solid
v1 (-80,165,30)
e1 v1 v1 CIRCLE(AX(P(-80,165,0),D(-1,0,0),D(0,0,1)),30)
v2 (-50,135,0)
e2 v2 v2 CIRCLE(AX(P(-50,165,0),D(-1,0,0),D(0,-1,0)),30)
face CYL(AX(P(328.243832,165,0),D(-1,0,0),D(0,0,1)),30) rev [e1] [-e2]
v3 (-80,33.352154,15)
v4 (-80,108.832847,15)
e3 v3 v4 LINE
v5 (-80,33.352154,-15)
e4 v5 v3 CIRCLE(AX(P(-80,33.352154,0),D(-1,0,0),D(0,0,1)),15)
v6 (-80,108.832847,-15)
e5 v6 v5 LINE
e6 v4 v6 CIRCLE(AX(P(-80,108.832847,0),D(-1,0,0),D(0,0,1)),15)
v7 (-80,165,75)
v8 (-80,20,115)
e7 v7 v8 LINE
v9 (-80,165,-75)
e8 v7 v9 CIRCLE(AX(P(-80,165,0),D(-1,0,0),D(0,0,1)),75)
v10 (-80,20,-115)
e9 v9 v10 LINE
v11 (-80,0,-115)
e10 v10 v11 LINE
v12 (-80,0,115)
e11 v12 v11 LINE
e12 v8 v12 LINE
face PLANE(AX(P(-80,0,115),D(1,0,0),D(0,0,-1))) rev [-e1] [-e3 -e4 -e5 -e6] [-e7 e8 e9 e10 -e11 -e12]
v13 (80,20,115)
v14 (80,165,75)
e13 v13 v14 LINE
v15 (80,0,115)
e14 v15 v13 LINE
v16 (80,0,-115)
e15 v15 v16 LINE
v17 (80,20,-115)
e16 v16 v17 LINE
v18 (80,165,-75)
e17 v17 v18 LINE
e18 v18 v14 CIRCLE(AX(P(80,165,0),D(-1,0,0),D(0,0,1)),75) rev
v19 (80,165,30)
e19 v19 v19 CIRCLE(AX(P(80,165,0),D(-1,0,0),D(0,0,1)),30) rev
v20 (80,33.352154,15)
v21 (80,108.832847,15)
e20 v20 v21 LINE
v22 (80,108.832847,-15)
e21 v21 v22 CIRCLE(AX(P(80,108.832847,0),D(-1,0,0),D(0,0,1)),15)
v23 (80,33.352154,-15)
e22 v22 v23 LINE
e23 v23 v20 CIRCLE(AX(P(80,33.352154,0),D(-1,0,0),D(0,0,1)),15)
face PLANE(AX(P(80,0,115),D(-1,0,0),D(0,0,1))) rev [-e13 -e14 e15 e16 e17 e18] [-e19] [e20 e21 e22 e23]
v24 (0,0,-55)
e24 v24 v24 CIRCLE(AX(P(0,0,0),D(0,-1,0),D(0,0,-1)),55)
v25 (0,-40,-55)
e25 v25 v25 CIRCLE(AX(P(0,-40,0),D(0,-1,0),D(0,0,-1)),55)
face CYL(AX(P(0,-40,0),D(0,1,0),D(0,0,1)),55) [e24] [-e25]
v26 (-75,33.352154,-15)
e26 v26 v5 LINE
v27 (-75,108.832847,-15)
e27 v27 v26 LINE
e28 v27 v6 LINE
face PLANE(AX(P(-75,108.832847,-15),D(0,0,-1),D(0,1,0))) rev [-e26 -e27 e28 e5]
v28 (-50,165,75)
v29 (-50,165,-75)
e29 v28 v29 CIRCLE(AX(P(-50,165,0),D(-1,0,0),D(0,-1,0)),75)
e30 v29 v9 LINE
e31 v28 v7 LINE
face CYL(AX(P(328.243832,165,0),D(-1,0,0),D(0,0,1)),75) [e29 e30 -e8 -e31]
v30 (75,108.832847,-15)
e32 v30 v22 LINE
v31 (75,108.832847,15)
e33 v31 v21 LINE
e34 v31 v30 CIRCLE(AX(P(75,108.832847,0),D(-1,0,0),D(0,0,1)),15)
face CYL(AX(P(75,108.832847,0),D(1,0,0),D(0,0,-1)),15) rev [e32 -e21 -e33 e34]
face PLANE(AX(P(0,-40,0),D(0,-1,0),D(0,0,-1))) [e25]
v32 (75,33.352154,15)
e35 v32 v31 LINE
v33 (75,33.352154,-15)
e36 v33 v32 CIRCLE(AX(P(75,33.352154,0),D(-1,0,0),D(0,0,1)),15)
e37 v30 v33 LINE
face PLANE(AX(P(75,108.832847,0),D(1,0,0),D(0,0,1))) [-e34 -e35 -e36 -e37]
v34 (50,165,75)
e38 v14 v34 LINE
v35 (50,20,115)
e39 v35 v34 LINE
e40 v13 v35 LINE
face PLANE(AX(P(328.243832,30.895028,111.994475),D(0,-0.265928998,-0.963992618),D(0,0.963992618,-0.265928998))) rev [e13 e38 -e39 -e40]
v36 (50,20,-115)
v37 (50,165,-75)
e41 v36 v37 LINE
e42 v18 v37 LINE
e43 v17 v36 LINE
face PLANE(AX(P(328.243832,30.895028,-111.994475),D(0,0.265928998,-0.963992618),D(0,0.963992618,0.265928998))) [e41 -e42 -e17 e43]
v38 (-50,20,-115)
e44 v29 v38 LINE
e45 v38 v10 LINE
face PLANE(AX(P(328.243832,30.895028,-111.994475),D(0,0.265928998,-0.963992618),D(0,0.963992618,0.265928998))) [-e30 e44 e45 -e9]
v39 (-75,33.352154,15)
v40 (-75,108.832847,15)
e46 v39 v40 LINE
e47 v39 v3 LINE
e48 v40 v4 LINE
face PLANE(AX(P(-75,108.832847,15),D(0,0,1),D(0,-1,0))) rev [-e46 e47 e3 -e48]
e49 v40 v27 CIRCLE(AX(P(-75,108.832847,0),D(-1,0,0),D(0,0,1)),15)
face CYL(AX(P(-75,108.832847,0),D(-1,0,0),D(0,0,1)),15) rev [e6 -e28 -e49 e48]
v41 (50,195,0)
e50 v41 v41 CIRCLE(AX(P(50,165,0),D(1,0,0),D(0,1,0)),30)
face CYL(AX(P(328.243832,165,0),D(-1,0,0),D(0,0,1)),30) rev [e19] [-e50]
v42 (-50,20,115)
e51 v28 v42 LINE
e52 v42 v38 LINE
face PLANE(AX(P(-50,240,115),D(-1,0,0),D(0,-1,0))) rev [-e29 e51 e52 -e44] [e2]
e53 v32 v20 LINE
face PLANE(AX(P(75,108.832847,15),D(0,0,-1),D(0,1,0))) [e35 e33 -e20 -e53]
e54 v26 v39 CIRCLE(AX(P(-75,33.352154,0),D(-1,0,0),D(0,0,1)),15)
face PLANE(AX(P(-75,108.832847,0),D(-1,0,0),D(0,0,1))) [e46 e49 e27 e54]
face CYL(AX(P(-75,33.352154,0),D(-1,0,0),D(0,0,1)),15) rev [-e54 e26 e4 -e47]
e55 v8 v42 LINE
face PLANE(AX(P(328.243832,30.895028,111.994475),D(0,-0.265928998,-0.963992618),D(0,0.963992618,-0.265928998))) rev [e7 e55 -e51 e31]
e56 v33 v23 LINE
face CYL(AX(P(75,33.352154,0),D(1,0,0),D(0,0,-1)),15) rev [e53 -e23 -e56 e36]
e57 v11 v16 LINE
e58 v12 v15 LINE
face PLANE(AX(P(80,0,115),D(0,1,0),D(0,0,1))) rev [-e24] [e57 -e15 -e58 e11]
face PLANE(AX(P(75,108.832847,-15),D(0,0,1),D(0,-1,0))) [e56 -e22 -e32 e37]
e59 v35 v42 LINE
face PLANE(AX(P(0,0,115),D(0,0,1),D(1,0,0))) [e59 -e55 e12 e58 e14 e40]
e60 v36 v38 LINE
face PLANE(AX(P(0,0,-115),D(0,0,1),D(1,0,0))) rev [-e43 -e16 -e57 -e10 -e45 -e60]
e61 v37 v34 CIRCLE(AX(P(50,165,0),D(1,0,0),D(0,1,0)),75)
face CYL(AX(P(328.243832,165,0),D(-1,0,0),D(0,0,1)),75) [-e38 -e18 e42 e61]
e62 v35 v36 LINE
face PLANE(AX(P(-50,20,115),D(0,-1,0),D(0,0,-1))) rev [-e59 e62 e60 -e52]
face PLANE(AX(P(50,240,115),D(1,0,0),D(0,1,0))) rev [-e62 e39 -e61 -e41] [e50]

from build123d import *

# Parameters (mm, degrees)
BOSS_EXTRUDE1_DEPTH = 115
SKETCH3_R           = 55
BOSS_EXTRUDE2_DEPTH = 40
CUT_EXTRUDE2_REACH  = 312.524
SKETCH2_R           = 30
CUT_EXTRUDE3_DEPTH  = 5


with BuildPart() as part:
    # Sketch1 → Boss-Extrude1 (new, symmetric)
    with BuildSketch(Plane.XY):
        Polygon((80, 0), (-80, 0), (-80, 240), (-50, 240), (-50, 20), (50, 20), (50, 240), (80, 240), align=None)
    extrude(amount=BOSS_EXTRUDE1_DEPTH, both=True)

    # Sketch3 → Boss-Extrude2 (add)
    with BuildSketch(Plane.XZ):
        with Locations(Location((0, 0, 0), (0, 0, 270))):
            Circle(SKETCH3_R)
    extrude(amount=BOSS_EXTRUDE2_DEPTH)

    # Cut-Extrude2: up to this face of the body (flat: up to its plane)
    cut_extrude2_end = Plane(part.part.faces().sort_by_distance((80, 120, 0))[0])
    # Sketch2 → Cut-Extrude2 (cut, up to the picked face)
    with BuildSketch(Plane.ZY.offset(80), mode=Mode.PRIVATE) as cut_extrude2_sk1:
        with BuildLine():
            ThreePointArc((-75, 165), (-53.033008792, 218.033008386), (-5.74e-07, 240))
            Line((-5.74e-07, 240), (-115, 240))
            Line((-115, 240), (-115, 20))
            Line((-115, 20), (-75, 165))
        make_face()
    cut_extrude2_tool1 = split(extrude(cut_extrude2_sk1.sketch, amount=-CUT_EXTRUDE2_REACH, mode=Mode.PRIVATE), bisect_by=cut_extrude2_end, keep=Keep.BOTH, mode=Mode.PRIVATE)
    # Sketch2 → Cut-Extrude2 (cut, up to the picked face)
    with BuildSketch(Plane.ZY.offset(80), mode=Mode.PRIVATE) as cut_extrude2_sk2:
        with BuildLine():
            ThreePointArc((-5.74e-07, 240), (53.033008386, 218.033008792), (75, 165))
            Line((75, 165), (115, 20))
            Line((115, 20), (115, 240))
            Line((115, 240), (-5.74e-07, 240))
        make_face()
    cut_extrude2_tool2 = split(extrude(cut_extrude2_sk2.sketch, amount=-CUT_EXTRUDE2_REACH, mode=Mode.PRIVATE), bisect_by=cut_extrude2_end, keep=Keep.BOTH, mode=Mode.PRIVATE)
    # Sketch2 → Cut-Extrude2 (cut, up to the picked face)
    with BuildSketch(Plane.ZY.offset(80), mode=Mode.PRIVATE) as cut_extrude2_sk3:
        with Locations((0, 165)):
            Circle(SKETCH2_R)
    cut_extrude2_tool3 = split(extrude(cut_extrude2_sk3.sketch, amount=-CUT_EXTRUDE2_REACH, mode=Mode.PRIVATE), bisect_by=cut_extrude2_end, keep=Keep.BOTH, mode=Mode.PRIVATE)
    add(cut_extrude2_tool1.solids().sort_by(Axis((-80, 171.000425, -91.477903), (1, 0, 0)))[0], mode=Mode.SUBTRACT)
    add(cut_extrude2_tool2.solids().sort_by(Axis((-80, 171.000425, 91.477903), (1, 0, 0)))[0], mode=Mode.SUBTRACT)
    add(cut_extrude2_tool3.solids().sort_by(Axis((-80, 165, 0), (1, 0, 0)))[0], mode=Mode.SUBTRACT)

    # Sketch4 → Cut-Extrude3 (cut)
    with BuildSketch(Plane.ZY.offset(80)):
        with BuildLine():
            Line((15, 108.832847002), (15, 33.352154436))
            ThreePointArc((15, 33.352154436), (0, 18.352154436), (-15, 33.352154436))
            Line((-15, 33.352154436), (-15, 108.832847002))
            ThreePointArc((-15, 108.832847002), (0, 123.832847002), (15, 108.832847002))
        make_face()
    cut_extrude3 = extrude(amount=-CUT_EXTRUDE3_DEPTH, mode=Mode.SUBTRACT)

    # Mirror1: Cut-Extrude3 across plane
    add(cut_extrude3.mirror(Plane(origin=(0, 0, 0), x_dir=(0, 0, 1), z_dir=(1, 0, 0))), mode=Mode.SUBTRACT)


solid = part.part
